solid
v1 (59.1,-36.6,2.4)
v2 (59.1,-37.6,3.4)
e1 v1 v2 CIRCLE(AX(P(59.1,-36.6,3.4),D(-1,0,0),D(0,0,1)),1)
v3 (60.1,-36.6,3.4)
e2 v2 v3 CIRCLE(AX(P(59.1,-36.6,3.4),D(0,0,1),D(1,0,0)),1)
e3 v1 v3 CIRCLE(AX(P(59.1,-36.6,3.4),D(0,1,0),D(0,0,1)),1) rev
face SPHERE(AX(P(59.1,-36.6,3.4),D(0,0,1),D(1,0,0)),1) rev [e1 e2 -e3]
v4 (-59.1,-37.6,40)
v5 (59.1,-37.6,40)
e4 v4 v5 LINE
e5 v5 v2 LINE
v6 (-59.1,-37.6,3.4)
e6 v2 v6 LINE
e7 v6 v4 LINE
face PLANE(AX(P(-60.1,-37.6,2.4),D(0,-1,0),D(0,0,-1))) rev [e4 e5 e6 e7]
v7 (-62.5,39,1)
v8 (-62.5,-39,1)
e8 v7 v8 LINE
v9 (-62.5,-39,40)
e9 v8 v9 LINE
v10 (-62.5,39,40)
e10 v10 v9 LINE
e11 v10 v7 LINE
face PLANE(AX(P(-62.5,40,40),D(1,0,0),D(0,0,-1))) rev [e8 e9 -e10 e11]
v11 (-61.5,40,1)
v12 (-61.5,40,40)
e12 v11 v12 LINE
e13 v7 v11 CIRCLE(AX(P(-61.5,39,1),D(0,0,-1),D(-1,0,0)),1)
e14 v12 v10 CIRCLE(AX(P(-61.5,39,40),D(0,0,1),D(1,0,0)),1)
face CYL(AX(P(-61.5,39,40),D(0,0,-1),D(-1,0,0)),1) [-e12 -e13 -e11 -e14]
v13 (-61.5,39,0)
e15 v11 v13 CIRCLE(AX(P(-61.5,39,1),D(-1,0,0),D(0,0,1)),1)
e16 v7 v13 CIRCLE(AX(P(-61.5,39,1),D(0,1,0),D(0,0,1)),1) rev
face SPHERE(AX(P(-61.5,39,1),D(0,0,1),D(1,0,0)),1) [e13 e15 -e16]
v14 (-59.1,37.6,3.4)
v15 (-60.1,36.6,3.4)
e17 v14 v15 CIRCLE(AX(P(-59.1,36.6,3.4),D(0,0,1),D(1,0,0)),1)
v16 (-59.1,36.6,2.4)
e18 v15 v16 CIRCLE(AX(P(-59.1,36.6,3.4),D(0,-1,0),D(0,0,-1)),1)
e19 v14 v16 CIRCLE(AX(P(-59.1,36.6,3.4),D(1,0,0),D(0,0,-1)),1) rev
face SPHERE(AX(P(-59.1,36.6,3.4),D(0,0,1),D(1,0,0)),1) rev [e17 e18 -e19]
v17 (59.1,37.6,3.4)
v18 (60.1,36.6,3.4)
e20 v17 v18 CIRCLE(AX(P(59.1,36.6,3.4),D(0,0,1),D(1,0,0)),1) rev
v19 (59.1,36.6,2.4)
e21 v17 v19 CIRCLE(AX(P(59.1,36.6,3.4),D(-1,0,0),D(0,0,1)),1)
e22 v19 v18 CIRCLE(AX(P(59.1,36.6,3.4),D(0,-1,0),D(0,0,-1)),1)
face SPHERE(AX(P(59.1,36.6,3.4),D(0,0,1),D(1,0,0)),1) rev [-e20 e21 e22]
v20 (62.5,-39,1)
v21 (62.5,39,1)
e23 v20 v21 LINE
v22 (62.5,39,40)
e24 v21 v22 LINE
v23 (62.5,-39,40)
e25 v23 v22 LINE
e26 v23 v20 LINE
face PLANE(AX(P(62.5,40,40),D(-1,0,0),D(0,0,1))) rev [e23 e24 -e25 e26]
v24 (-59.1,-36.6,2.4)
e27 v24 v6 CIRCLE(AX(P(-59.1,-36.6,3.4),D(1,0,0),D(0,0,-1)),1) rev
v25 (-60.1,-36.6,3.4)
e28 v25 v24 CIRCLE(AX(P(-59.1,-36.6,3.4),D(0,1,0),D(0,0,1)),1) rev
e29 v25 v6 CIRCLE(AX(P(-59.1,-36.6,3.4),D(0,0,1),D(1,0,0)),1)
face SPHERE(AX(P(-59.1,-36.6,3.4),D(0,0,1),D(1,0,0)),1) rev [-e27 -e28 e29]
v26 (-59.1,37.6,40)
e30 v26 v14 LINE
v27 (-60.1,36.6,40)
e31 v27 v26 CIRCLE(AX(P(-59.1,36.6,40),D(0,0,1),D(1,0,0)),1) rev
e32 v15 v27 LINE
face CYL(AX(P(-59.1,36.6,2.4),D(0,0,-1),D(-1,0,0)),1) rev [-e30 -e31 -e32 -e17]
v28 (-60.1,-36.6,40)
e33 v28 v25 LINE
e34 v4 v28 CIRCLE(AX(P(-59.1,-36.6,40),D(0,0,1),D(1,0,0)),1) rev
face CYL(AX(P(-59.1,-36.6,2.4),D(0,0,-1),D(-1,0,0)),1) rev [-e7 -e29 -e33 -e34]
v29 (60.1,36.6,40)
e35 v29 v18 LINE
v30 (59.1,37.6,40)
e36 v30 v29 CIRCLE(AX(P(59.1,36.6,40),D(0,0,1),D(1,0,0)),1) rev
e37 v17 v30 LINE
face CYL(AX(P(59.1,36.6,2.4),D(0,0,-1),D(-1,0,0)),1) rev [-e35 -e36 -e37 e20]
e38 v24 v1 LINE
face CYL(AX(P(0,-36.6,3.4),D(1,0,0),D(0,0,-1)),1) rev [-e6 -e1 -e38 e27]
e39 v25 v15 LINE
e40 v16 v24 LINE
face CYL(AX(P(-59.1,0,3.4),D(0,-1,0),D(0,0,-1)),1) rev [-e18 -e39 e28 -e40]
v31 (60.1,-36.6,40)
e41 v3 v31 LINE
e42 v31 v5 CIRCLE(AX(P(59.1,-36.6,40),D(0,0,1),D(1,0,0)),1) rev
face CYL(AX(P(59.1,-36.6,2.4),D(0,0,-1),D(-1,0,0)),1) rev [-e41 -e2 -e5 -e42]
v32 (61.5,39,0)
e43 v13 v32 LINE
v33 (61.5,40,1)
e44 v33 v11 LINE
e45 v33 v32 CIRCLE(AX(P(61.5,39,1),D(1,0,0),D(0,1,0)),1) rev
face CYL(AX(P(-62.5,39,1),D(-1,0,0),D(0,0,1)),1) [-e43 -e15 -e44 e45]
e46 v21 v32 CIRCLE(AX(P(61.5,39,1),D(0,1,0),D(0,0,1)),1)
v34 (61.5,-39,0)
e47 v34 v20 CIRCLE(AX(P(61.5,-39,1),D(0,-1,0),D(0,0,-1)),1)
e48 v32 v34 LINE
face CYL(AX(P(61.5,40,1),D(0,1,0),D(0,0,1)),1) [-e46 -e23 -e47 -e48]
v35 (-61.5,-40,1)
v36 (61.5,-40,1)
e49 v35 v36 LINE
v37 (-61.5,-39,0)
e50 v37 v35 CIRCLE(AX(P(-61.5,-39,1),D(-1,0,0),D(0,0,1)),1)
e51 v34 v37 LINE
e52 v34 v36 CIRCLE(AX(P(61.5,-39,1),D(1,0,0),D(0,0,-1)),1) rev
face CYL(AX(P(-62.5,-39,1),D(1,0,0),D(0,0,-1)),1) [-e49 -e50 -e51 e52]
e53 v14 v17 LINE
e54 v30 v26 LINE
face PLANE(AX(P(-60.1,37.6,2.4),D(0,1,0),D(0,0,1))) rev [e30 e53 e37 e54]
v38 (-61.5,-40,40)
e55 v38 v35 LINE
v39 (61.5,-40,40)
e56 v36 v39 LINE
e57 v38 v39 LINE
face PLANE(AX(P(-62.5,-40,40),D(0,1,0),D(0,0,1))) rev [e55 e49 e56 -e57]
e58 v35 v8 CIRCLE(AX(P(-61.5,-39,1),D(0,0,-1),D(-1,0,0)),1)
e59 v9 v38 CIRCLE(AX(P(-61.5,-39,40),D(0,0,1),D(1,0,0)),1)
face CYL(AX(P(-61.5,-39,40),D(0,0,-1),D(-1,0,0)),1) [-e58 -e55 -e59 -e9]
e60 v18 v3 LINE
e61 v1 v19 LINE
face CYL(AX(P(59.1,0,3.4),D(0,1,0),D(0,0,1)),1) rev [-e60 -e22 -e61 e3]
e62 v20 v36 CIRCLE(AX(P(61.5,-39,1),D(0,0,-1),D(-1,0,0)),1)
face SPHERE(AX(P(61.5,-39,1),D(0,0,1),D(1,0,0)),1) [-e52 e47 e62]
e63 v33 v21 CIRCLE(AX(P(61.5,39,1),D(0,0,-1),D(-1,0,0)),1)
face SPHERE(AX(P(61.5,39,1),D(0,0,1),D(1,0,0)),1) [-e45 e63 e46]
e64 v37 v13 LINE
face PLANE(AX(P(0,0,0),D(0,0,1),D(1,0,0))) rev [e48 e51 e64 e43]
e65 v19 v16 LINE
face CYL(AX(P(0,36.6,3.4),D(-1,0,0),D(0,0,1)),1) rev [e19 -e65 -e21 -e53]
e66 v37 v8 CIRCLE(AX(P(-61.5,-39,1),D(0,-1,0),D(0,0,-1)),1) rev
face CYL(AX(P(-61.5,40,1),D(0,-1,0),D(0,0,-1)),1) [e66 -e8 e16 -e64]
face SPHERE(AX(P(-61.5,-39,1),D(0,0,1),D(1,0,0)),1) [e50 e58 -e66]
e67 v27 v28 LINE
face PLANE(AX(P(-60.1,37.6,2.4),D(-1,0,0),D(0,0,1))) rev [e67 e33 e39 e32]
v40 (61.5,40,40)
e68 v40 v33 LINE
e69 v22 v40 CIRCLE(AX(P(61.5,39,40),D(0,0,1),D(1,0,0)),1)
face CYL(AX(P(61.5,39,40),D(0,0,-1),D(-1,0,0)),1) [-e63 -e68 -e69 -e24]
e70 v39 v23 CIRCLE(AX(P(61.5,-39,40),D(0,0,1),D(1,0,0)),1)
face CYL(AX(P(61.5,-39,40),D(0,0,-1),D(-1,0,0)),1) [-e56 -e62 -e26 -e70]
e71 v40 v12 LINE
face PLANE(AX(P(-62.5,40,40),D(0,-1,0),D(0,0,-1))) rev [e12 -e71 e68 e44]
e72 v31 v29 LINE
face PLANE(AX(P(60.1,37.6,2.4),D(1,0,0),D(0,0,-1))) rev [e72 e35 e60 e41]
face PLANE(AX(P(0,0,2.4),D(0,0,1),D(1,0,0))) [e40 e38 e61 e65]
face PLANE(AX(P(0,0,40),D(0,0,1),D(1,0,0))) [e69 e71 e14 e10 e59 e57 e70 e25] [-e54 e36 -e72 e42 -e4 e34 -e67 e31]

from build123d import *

# Parameters (mm, degrees)
SKETCH_1_W          = 125
SKETCH_1_H          = 80
EXTRUDE_1_DEPTH     = 40
SKETCH_2_W          = 120.2
SKETCH_2_H          = 75.2
CUT_EXTRUDE_1_DEPTH = 37.6
FILLET_1_R          = 1
FILLET_2_R          = 1


with BuildPart() as part:
    # Эскиз1 → Бобышка-Вытянуть1 (new body)
    with BuildSketch(Plane.XY):
        Rectangle(SKETCH_1_W, SKETCH_1_H)
    extrude(amount=EXTRUDE_1_DEPTH)

    # Эскиз2 → Вырез-Вытянуть1 (cut)
    with BuildSketch(Plane.XY.offset(40)):
        Rectangle(SKETCH_2_W, SKETCH_2_H)
    extrude(amount=-CUT_EXTRUDE_1_DEPTH, mode=Mode.SUBTRACT)

    # Скругление1
    fillet_1_edges = [part.edges().sort_by_distance(p)[0] for p in [
        (0, -40, 0),
        (-62.5, 0, 0),
        (0, 40, 0),
        (62.5, 0, 0),
        (62.5, -40, 20),
        (-62.5, -40, 20),
        (-62.5, 40, 20),
        (62.5, 40, 20),
    ]]
    fillet(fillet_1_edges, radius=FILLET_1_R)

    # Скругление2
    fillet_2_edges = [part.edges().sort_by_distance(p)[0] for p in [
        (60.1, 0, 2.4),
        (60.1, 37.6, 21.2),
        (0, -37.6, 2.4),
        (60.1, -37.6, 21.2),
        (-60.1, 0, 2.4),
        (-60.1, -37.6, 21.2),
        (0, 37.6, 2.4),
        (-60.1, 37.6, 21.2),
    ]]
    fillet(fillet_2_edges, radius=FILLET_2_R)


solid = part.part
